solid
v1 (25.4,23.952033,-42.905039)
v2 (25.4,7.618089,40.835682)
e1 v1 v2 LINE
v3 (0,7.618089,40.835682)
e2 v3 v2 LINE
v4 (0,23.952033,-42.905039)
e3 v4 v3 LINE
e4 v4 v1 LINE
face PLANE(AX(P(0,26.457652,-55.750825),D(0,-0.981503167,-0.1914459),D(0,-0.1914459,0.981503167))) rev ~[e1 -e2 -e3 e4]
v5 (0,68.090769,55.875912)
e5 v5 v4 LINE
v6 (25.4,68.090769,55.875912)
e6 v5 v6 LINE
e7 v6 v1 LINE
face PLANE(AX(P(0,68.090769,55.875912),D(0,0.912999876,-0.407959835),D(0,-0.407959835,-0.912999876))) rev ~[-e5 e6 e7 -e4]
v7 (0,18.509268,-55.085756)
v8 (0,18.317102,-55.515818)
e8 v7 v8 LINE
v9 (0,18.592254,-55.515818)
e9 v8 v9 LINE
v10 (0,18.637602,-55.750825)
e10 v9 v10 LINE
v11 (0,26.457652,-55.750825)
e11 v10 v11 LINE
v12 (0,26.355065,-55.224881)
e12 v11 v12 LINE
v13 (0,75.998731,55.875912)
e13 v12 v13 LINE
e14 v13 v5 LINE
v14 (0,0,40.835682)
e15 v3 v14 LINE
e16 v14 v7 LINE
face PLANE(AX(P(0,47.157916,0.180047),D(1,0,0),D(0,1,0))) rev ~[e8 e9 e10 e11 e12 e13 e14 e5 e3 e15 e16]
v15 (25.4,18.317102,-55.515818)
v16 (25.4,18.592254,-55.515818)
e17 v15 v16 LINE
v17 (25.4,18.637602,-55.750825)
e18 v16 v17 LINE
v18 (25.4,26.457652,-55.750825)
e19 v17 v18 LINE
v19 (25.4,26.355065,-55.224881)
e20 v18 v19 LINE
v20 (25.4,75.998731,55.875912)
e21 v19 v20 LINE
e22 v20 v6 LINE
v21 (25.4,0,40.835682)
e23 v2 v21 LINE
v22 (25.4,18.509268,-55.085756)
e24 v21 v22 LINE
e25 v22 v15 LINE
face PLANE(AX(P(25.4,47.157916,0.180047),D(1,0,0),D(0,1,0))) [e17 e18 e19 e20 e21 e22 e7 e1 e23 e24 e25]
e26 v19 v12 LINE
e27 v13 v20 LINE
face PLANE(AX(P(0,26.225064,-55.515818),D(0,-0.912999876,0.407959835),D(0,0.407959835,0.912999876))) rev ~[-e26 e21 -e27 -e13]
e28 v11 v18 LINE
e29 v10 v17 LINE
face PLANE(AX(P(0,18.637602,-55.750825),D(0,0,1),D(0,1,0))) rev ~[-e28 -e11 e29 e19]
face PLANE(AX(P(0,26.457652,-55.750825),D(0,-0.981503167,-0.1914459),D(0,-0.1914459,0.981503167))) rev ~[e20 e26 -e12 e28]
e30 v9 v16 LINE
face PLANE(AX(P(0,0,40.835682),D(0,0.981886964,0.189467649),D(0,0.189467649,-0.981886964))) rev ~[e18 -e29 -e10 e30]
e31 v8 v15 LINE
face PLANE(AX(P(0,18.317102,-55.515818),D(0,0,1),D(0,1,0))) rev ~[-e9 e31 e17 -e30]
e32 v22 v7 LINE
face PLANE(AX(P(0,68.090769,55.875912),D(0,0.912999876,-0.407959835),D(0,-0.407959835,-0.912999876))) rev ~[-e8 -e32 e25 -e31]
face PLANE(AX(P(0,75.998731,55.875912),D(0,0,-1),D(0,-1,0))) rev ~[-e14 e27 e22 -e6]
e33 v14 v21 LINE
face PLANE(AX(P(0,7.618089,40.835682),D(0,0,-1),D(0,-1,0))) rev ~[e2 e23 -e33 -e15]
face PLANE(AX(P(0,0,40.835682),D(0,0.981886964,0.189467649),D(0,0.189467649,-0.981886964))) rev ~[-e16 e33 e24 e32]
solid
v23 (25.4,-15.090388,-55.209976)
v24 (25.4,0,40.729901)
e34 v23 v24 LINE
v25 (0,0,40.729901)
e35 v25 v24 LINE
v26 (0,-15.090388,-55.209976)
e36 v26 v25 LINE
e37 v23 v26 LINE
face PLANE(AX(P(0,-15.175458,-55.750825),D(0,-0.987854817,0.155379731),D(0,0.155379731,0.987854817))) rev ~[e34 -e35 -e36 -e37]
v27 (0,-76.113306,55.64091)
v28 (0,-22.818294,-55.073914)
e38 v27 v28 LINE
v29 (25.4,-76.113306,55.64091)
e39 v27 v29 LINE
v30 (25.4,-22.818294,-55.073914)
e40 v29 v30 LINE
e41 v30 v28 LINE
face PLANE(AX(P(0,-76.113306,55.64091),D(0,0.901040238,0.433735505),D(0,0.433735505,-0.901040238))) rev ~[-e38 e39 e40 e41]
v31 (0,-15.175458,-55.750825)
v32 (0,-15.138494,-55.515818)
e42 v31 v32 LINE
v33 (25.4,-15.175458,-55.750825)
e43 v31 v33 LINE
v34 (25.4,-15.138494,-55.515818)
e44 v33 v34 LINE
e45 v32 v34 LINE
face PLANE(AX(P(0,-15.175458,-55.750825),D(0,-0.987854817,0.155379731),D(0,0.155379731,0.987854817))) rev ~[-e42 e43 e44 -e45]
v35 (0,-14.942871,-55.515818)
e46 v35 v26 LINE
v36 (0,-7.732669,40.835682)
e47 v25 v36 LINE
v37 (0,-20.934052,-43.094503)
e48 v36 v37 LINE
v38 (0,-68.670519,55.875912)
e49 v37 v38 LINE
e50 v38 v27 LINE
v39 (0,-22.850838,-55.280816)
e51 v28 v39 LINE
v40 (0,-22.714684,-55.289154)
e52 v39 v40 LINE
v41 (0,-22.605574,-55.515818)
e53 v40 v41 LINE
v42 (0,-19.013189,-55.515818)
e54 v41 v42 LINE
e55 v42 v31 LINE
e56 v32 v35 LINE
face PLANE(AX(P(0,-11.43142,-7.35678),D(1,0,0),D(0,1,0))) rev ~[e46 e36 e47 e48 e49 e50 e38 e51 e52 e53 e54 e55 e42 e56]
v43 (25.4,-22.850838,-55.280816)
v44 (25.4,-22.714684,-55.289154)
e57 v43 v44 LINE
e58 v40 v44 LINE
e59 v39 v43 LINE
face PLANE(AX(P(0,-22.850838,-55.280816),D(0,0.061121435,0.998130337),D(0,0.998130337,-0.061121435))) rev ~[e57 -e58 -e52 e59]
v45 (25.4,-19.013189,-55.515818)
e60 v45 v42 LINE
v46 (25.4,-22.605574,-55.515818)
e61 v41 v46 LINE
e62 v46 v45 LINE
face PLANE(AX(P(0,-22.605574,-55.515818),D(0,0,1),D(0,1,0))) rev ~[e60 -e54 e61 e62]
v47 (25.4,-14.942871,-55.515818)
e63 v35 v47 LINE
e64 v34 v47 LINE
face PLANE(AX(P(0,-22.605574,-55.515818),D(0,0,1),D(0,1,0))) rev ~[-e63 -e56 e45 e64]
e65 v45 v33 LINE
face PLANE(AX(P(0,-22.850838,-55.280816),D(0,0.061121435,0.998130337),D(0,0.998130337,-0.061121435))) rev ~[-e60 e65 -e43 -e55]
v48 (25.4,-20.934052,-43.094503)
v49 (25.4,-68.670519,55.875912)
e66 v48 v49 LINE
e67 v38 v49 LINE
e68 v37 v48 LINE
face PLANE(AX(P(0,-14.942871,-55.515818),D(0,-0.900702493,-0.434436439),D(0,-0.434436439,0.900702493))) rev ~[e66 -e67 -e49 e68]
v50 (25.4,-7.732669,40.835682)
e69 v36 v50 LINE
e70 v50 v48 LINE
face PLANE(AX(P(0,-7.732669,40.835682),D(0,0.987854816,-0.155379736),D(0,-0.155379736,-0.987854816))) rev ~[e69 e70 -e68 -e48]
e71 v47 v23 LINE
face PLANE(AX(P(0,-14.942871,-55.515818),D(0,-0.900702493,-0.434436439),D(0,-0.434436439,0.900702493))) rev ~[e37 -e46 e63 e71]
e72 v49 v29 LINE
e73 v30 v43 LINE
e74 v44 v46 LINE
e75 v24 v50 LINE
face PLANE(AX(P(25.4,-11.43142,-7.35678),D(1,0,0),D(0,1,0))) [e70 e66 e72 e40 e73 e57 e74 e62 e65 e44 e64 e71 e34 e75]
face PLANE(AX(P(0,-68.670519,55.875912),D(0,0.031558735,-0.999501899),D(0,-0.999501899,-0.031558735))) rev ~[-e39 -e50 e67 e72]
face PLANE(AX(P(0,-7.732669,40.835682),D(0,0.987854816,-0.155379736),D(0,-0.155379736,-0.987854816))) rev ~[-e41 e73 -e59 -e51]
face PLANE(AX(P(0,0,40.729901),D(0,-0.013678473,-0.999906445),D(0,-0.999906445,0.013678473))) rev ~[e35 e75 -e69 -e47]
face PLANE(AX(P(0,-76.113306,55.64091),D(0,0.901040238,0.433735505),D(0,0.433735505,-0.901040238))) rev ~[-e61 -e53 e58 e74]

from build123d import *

# Parameters (mm, degrees)
F1_DEPTH = 25.4
F3_DEPTH = 25.4
F5_DEPTH = 25.4
F7_DEPTH = 25.4


with BuildPart() as f1:
    # F0 (on Right) → F1 (new body)
    with BuildSketch(Plane.YZ):
        Polygon((-68.670519, 55.875912), (-76.113306, 55.64091), (-22.605574, -55.515818), (-14.942871, -55.515818), align=None)
    extrude(amount=F1_DEPTH)

    # F2 (on Right) → F3 (join)
    with BuildSketch(Plane.YZ):
        Polygon((-22.850838, -55.280816), (-15.175458, -55.750825), (0, 40.729901), (-7.732669, 40.835682), align=None)
    extrude(amount=F3_DEPTH)


with BuildPart() as f5:
    # F4 (on Right) → F5 (new body)
    with BuildSketch(Plane.YZ):
        Polygon((7.618089, 40.835682), (0, 40.835682), (18.637602, -55.750825), (26.457652, -55.750825), align=None)
    extrude(amount=F5_DEPTH)

    # F6 (on Right) → F7 (join)
    with BuildSketch(Plane.YZ):
        Polygon((18.317102, -55.515818), (26.225064, -55.515818), (75.998731, 55.875912), (68.090769, 55.875912), align=None)
    extrude(amount=F7_DEPTH)


solid = Compound([f1.part, f5.part])
